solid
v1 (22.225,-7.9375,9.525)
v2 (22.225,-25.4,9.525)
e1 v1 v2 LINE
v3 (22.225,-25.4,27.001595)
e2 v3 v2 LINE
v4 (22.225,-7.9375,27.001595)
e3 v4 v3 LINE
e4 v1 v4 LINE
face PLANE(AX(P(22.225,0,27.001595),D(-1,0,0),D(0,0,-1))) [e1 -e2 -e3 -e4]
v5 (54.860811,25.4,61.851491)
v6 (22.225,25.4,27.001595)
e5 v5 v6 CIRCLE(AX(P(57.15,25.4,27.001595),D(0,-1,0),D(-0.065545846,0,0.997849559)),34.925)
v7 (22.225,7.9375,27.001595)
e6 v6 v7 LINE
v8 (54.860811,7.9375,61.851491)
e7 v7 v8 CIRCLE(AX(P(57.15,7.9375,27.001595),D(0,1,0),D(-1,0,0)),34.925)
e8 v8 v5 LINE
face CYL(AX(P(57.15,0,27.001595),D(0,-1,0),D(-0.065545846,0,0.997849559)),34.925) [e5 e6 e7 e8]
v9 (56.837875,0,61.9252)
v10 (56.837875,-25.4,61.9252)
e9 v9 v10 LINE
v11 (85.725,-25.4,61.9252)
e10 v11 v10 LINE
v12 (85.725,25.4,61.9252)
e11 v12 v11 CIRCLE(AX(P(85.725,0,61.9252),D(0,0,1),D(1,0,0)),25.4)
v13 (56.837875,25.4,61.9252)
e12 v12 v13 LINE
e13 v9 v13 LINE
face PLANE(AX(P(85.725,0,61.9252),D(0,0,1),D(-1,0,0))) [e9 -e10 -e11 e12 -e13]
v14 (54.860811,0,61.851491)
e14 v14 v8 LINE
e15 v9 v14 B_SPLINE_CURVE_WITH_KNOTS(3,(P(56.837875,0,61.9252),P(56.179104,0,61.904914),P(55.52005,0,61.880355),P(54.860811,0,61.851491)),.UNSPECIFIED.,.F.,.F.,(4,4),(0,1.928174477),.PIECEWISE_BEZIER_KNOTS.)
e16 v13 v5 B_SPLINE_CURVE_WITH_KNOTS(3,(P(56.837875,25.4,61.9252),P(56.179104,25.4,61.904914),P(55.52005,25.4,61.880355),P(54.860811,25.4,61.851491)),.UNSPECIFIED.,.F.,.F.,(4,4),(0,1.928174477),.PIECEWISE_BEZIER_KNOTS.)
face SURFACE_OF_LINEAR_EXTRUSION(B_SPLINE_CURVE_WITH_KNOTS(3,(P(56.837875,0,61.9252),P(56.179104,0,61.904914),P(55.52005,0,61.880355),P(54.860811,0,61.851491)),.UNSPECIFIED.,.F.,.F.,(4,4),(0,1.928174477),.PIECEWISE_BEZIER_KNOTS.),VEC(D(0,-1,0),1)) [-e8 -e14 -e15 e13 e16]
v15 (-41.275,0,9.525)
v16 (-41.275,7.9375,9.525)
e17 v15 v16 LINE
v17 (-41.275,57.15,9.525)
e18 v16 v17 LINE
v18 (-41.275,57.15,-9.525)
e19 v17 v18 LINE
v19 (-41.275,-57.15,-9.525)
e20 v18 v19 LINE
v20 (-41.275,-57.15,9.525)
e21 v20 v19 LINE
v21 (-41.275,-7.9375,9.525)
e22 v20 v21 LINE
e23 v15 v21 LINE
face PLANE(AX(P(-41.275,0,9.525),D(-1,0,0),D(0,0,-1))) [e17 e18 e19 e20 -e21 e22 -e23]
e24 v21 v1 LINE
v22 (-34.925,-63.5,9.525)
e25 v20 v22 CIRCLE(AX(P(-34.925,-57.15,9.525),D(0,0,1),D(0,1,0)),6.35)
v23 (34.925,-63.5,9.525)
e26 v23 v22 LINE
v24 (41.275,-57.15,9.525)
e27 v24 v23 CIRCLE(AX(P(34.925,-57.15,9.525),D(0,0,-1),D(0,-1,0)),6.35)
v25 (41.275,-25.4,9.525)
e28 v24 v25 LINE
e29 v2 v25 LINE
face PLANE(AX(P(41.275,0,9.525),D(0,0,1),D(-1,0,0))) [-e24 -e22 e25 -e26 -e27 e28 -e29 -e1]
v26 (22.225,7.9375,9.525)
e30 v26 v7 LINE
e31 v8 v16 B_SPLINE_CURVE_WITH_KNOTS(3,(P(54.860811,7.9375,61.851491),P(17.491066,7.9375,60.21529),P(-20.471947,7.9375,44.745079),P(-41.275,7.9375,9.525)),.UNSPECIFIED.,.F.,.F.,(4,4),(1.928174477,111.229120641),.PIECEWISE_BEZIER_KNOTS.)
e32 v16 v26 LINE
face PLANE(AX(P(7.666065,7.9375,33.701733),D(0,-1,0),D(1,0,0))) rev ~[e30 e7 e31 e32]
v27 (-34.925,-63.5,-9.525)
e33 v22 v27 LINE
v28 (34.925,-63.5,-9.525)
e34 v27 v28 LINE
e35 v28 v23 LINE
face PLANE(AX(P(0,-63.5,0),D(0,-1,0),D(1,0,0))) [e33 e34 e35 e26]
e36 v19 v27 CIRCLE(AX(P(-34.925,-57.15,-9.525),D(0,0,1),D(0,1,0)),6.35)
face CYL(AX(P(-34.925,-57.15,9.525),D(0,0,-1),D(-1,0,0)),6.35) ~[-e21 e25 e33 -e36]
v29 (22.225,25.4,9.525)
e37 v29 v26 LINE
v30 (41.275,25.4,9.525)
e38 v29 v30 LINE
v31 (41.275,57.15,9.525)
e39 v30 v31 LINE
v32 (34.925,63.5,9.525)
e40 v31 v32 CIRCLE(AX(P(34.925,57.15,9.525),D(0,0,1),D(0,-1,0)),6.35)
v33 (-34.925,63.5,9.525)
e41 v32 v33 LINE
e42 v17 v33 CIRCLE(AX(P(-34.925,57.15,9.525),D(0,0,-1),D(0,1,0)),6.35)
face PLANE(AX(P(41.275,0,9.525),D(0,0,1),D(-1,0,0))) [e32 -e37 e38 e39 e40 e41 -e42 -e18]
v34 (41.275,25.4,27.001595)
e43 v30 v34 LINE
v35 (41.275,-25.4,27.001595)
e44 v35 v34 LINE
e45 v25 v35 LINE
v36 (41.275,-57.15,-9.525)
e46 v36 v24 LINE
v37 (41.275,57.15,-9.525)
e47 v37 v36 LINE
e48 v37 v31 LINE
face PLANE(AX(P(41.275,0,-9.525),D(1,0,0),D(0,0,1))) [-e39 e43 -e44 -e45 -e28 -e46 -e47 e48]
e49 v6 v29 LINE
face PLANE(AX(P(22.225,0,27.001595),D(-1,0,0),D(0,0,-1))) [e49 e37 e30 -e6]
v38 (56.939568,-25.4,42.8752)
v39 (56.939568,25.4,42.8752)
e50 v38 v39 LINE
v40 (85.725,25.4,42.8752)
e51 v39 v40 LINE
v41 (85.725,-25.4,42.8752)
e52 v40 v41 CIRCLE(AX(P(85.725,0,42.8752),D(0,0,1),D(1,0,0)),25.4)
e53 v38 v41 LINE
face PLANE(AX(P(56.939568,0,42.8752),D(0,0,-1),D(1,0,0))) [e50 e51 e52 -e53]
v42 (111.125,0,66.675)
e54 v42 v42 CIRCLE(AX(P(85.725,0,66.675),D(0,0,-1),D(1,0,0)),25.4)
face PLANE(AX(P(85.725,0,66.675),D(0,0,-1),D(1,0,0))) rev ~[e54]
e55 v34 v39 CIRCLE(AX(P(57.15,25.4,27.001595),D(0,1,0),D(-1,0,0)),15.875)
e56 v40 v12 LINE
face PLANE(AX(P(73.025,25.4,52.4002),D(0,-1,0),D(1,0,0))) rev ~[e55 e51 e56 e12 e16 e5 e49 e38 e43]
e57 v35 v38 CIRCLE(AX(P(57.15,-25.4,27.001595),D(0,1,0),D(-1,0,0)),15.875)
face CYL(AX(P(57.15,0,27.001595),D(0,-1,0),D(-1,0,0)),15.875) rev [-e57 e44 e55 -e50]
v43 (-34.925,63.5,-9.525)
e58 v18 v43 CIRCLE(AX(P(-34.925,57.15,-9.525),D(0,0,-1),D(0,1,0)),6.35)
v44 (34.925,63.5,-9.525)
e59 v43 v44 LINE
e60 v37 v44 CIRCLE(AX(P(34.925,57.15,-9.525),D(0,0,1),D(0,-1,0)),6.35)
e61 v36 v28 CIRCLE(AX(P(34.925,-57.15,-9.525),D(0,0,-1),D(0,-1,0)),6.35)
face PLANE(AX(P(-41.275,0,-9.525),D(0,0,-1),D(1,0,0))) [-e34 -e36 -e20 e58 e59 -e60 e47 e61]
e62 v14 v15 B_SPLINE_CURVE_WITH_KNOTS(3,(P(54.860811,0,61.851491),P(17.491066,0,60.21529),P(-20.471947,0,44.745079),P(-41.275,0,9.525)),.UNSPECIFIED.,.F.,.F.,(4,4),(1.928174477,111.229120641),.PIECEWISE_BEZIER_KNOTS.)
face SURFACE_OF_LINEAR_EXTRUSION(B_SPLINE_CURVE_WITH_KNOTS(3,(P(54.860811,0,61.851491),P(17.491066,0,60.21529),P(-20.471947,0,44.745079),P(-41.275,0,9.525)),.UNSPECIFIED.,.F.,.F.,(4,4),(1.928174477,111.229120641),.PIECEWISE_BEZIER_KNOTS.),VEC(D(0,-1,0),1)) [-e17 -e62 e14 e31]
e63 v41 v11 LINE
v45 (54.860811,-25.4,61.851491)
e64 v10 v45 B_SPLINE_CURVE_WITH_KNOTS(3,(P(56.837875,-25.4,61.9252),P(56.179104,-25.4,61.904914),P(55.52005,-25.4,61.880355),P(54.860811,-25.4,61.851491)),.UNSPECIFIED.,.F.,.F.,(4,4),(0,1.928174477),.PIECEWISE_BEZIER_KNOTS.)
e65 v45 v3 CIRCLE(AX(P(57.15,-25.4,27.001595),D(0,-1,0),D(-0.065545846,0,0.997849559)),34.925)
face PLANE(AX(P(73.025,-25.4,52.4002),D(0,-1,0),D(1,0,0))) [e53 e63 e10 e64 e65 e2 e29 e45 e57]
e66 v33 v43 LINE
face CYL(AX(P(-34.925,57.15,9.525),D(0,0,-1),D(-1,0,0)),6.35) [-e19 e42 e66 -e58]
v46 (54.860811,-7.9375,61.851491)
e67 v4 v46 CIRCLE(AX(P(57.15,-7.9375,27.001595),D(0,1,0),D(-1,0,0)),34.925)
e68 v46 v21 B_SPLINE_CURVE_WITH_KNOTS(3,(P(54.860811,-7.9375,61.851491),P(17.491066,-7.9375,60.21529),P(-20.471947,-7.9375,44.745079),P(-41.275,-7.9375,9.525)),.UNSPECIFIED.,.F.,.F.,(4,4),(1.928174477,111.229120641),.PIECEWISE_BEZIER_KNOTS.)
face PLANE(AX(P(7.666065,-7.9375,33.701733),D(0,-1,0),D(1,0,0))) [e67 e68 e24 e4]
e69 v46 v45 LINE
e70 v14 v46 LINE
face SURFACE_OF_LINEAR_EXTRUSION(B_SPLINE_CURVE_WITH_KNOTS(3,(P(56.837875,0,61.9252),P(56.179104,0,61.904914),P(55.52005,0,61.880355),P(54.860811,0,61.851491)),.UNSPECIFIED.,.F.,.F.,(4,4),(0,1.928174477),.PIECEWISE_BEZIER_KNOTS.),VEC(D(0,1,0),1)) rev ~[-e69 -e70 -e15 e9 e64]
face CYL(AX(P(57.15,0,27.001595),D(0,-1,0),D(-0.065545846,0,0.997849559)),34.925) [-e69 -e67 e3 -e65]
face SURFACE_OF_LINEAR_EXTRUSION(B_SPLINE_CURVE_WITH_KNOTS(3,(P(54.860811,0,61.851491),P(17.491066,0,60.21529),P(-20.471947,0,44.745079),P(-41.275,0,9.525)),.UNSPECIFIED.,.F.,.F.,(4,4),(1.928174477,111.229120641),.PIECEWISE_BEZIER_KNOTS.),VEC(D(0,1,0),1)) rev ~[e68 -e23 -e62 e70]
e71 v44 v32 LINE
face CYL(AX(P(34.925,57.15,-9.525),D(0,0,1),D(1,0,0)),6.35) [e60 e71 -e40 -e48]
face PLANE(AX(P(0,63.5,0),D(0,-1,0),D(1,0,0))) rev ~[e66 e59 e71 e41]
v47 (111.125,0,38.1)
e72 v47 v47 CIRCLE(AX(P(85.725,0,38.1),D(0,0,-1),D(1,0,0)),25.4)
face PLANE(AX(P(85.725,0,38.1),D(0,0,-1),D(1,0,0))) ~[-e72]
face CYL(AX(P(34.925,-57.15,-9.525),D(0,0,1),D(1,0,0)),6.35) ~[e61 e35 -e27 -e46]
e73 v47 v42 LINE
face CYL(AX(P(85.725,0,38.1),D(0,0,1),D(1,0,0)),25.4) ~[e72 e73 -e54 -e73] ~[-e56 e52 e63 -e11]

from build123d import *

# Parameters (mm, degrees)
F1_DEPTH = 63.5
F0_W     = 25.4
F0_H     = 19.05
F2_DEPTH = 25.4
F3_DEPTH = 7.9375
F5_R     = 6.35


with BuildPart() as f1:
    # F0 (on Front) → F1 (new body, symmetric)
    with BuildSketch(Plane.XZ):
        Polygon((22.225, 9.525), (-41.275, 9.525), (-41.275, -9.525), (41.275, -9.525), (41.275, 9.525), align=None)
    extrude(amount=F1_DEPTH, both=True)

    # F0 (on Front) → F2 (join, symmetric)
    with BuildSketch(Plane.XZ):
        with Locations((73.025, 52.4002)):
            Rectangle(F0_W, F0_H)
        with BuildLine():
            Line((22.225, 27.0015947561), (22.225, 9.525))
            Line((22.225, 9.525), (41.275, 9.525))
            Line((41.275, 9.525), (41.275, 27.0015947561))
            ThreePointArc((41.275, 27.0015947561), (45.8505258857, 38.1522678183), (56.9395681561, 42.8752))
            Line((56.9395681561, 42.8752), (60.325, 42.8752))
            Line((60.325, 42.8752), (60.325, 61.9252))
            Line((60.325, 61.9252), (56.837875396, 61.9252))
            add(Edge.make_bspline(
                [(56.837875396, 61.9252), (56.1791036385, 61.904913743), (55.5200497896, 61.880354768), (54.8608113135, 61.8514905975)],
                knots=[0, 0, 0, 0, 1.9281744769, 1.9281744769, 1.9281744769, 1.9281744769], degree=3))
            ThreePointArc((54.8608113135, 61.8514905975), (31.6577900146, 50.8742329652), (22.225, 27.0015947561))
        make_face()
    extrude(amount=F2_DEPTH, both=True)

    # F0 (on Front) → F3 (join, symmetric)
    with BuildSketch(Plane.XZ):
        with BuildLine():
            add(Edge.make_bspline(
                [(54.8608113135, 61.8514905975), (17.4910659658, 60.2152895251), (-20.4719474509, 44.745078984), (-41.275, 9.525)],
                knots=[1.9281744769, 1.9281744769, 1.9281744769, 1.9281744769, 111.2291206407, 111.2291206407, 111.2291206407, 111.2291206407], degree=3))
            Line((-41.275, 9.525), (22.225, 9.525))
            Line((22.225, 9.525), (22.225, 27.0015947561))
            ThreePointArc((22.225, 27.0015947561), (31.6577900146, 50.8742329652), (54.8608113135, 61.8514905975))
        make_face()
    extrude(amount=F3_DEPTH, both=True)

    # F0 (on Front) → F4 (revolve)
    with BuildSketch(Plane.XZ):
        Polygon((85.725, 66.675), (85.725, 61.9252), (85.725, 42.8752), (85.725, 38.1), (111.125, 38.1), (111.125, 66.675), align=None)
    revolve(axis=Axis((85.725, 0, 51.1358389631), (0, 0, -1)))

    # F5
    f5_edges = [f1.edges().sort_by_distance(p)[0] for p in [
        (41.275, -63.5, 0),
        (-41.275, -63.5, 0),
        (-41.275, 63.5, 0),
        (41.275, 63.5, 0),
    ]]
    fillet(f5_edges, radius=F5_R)


solid = f1.part
